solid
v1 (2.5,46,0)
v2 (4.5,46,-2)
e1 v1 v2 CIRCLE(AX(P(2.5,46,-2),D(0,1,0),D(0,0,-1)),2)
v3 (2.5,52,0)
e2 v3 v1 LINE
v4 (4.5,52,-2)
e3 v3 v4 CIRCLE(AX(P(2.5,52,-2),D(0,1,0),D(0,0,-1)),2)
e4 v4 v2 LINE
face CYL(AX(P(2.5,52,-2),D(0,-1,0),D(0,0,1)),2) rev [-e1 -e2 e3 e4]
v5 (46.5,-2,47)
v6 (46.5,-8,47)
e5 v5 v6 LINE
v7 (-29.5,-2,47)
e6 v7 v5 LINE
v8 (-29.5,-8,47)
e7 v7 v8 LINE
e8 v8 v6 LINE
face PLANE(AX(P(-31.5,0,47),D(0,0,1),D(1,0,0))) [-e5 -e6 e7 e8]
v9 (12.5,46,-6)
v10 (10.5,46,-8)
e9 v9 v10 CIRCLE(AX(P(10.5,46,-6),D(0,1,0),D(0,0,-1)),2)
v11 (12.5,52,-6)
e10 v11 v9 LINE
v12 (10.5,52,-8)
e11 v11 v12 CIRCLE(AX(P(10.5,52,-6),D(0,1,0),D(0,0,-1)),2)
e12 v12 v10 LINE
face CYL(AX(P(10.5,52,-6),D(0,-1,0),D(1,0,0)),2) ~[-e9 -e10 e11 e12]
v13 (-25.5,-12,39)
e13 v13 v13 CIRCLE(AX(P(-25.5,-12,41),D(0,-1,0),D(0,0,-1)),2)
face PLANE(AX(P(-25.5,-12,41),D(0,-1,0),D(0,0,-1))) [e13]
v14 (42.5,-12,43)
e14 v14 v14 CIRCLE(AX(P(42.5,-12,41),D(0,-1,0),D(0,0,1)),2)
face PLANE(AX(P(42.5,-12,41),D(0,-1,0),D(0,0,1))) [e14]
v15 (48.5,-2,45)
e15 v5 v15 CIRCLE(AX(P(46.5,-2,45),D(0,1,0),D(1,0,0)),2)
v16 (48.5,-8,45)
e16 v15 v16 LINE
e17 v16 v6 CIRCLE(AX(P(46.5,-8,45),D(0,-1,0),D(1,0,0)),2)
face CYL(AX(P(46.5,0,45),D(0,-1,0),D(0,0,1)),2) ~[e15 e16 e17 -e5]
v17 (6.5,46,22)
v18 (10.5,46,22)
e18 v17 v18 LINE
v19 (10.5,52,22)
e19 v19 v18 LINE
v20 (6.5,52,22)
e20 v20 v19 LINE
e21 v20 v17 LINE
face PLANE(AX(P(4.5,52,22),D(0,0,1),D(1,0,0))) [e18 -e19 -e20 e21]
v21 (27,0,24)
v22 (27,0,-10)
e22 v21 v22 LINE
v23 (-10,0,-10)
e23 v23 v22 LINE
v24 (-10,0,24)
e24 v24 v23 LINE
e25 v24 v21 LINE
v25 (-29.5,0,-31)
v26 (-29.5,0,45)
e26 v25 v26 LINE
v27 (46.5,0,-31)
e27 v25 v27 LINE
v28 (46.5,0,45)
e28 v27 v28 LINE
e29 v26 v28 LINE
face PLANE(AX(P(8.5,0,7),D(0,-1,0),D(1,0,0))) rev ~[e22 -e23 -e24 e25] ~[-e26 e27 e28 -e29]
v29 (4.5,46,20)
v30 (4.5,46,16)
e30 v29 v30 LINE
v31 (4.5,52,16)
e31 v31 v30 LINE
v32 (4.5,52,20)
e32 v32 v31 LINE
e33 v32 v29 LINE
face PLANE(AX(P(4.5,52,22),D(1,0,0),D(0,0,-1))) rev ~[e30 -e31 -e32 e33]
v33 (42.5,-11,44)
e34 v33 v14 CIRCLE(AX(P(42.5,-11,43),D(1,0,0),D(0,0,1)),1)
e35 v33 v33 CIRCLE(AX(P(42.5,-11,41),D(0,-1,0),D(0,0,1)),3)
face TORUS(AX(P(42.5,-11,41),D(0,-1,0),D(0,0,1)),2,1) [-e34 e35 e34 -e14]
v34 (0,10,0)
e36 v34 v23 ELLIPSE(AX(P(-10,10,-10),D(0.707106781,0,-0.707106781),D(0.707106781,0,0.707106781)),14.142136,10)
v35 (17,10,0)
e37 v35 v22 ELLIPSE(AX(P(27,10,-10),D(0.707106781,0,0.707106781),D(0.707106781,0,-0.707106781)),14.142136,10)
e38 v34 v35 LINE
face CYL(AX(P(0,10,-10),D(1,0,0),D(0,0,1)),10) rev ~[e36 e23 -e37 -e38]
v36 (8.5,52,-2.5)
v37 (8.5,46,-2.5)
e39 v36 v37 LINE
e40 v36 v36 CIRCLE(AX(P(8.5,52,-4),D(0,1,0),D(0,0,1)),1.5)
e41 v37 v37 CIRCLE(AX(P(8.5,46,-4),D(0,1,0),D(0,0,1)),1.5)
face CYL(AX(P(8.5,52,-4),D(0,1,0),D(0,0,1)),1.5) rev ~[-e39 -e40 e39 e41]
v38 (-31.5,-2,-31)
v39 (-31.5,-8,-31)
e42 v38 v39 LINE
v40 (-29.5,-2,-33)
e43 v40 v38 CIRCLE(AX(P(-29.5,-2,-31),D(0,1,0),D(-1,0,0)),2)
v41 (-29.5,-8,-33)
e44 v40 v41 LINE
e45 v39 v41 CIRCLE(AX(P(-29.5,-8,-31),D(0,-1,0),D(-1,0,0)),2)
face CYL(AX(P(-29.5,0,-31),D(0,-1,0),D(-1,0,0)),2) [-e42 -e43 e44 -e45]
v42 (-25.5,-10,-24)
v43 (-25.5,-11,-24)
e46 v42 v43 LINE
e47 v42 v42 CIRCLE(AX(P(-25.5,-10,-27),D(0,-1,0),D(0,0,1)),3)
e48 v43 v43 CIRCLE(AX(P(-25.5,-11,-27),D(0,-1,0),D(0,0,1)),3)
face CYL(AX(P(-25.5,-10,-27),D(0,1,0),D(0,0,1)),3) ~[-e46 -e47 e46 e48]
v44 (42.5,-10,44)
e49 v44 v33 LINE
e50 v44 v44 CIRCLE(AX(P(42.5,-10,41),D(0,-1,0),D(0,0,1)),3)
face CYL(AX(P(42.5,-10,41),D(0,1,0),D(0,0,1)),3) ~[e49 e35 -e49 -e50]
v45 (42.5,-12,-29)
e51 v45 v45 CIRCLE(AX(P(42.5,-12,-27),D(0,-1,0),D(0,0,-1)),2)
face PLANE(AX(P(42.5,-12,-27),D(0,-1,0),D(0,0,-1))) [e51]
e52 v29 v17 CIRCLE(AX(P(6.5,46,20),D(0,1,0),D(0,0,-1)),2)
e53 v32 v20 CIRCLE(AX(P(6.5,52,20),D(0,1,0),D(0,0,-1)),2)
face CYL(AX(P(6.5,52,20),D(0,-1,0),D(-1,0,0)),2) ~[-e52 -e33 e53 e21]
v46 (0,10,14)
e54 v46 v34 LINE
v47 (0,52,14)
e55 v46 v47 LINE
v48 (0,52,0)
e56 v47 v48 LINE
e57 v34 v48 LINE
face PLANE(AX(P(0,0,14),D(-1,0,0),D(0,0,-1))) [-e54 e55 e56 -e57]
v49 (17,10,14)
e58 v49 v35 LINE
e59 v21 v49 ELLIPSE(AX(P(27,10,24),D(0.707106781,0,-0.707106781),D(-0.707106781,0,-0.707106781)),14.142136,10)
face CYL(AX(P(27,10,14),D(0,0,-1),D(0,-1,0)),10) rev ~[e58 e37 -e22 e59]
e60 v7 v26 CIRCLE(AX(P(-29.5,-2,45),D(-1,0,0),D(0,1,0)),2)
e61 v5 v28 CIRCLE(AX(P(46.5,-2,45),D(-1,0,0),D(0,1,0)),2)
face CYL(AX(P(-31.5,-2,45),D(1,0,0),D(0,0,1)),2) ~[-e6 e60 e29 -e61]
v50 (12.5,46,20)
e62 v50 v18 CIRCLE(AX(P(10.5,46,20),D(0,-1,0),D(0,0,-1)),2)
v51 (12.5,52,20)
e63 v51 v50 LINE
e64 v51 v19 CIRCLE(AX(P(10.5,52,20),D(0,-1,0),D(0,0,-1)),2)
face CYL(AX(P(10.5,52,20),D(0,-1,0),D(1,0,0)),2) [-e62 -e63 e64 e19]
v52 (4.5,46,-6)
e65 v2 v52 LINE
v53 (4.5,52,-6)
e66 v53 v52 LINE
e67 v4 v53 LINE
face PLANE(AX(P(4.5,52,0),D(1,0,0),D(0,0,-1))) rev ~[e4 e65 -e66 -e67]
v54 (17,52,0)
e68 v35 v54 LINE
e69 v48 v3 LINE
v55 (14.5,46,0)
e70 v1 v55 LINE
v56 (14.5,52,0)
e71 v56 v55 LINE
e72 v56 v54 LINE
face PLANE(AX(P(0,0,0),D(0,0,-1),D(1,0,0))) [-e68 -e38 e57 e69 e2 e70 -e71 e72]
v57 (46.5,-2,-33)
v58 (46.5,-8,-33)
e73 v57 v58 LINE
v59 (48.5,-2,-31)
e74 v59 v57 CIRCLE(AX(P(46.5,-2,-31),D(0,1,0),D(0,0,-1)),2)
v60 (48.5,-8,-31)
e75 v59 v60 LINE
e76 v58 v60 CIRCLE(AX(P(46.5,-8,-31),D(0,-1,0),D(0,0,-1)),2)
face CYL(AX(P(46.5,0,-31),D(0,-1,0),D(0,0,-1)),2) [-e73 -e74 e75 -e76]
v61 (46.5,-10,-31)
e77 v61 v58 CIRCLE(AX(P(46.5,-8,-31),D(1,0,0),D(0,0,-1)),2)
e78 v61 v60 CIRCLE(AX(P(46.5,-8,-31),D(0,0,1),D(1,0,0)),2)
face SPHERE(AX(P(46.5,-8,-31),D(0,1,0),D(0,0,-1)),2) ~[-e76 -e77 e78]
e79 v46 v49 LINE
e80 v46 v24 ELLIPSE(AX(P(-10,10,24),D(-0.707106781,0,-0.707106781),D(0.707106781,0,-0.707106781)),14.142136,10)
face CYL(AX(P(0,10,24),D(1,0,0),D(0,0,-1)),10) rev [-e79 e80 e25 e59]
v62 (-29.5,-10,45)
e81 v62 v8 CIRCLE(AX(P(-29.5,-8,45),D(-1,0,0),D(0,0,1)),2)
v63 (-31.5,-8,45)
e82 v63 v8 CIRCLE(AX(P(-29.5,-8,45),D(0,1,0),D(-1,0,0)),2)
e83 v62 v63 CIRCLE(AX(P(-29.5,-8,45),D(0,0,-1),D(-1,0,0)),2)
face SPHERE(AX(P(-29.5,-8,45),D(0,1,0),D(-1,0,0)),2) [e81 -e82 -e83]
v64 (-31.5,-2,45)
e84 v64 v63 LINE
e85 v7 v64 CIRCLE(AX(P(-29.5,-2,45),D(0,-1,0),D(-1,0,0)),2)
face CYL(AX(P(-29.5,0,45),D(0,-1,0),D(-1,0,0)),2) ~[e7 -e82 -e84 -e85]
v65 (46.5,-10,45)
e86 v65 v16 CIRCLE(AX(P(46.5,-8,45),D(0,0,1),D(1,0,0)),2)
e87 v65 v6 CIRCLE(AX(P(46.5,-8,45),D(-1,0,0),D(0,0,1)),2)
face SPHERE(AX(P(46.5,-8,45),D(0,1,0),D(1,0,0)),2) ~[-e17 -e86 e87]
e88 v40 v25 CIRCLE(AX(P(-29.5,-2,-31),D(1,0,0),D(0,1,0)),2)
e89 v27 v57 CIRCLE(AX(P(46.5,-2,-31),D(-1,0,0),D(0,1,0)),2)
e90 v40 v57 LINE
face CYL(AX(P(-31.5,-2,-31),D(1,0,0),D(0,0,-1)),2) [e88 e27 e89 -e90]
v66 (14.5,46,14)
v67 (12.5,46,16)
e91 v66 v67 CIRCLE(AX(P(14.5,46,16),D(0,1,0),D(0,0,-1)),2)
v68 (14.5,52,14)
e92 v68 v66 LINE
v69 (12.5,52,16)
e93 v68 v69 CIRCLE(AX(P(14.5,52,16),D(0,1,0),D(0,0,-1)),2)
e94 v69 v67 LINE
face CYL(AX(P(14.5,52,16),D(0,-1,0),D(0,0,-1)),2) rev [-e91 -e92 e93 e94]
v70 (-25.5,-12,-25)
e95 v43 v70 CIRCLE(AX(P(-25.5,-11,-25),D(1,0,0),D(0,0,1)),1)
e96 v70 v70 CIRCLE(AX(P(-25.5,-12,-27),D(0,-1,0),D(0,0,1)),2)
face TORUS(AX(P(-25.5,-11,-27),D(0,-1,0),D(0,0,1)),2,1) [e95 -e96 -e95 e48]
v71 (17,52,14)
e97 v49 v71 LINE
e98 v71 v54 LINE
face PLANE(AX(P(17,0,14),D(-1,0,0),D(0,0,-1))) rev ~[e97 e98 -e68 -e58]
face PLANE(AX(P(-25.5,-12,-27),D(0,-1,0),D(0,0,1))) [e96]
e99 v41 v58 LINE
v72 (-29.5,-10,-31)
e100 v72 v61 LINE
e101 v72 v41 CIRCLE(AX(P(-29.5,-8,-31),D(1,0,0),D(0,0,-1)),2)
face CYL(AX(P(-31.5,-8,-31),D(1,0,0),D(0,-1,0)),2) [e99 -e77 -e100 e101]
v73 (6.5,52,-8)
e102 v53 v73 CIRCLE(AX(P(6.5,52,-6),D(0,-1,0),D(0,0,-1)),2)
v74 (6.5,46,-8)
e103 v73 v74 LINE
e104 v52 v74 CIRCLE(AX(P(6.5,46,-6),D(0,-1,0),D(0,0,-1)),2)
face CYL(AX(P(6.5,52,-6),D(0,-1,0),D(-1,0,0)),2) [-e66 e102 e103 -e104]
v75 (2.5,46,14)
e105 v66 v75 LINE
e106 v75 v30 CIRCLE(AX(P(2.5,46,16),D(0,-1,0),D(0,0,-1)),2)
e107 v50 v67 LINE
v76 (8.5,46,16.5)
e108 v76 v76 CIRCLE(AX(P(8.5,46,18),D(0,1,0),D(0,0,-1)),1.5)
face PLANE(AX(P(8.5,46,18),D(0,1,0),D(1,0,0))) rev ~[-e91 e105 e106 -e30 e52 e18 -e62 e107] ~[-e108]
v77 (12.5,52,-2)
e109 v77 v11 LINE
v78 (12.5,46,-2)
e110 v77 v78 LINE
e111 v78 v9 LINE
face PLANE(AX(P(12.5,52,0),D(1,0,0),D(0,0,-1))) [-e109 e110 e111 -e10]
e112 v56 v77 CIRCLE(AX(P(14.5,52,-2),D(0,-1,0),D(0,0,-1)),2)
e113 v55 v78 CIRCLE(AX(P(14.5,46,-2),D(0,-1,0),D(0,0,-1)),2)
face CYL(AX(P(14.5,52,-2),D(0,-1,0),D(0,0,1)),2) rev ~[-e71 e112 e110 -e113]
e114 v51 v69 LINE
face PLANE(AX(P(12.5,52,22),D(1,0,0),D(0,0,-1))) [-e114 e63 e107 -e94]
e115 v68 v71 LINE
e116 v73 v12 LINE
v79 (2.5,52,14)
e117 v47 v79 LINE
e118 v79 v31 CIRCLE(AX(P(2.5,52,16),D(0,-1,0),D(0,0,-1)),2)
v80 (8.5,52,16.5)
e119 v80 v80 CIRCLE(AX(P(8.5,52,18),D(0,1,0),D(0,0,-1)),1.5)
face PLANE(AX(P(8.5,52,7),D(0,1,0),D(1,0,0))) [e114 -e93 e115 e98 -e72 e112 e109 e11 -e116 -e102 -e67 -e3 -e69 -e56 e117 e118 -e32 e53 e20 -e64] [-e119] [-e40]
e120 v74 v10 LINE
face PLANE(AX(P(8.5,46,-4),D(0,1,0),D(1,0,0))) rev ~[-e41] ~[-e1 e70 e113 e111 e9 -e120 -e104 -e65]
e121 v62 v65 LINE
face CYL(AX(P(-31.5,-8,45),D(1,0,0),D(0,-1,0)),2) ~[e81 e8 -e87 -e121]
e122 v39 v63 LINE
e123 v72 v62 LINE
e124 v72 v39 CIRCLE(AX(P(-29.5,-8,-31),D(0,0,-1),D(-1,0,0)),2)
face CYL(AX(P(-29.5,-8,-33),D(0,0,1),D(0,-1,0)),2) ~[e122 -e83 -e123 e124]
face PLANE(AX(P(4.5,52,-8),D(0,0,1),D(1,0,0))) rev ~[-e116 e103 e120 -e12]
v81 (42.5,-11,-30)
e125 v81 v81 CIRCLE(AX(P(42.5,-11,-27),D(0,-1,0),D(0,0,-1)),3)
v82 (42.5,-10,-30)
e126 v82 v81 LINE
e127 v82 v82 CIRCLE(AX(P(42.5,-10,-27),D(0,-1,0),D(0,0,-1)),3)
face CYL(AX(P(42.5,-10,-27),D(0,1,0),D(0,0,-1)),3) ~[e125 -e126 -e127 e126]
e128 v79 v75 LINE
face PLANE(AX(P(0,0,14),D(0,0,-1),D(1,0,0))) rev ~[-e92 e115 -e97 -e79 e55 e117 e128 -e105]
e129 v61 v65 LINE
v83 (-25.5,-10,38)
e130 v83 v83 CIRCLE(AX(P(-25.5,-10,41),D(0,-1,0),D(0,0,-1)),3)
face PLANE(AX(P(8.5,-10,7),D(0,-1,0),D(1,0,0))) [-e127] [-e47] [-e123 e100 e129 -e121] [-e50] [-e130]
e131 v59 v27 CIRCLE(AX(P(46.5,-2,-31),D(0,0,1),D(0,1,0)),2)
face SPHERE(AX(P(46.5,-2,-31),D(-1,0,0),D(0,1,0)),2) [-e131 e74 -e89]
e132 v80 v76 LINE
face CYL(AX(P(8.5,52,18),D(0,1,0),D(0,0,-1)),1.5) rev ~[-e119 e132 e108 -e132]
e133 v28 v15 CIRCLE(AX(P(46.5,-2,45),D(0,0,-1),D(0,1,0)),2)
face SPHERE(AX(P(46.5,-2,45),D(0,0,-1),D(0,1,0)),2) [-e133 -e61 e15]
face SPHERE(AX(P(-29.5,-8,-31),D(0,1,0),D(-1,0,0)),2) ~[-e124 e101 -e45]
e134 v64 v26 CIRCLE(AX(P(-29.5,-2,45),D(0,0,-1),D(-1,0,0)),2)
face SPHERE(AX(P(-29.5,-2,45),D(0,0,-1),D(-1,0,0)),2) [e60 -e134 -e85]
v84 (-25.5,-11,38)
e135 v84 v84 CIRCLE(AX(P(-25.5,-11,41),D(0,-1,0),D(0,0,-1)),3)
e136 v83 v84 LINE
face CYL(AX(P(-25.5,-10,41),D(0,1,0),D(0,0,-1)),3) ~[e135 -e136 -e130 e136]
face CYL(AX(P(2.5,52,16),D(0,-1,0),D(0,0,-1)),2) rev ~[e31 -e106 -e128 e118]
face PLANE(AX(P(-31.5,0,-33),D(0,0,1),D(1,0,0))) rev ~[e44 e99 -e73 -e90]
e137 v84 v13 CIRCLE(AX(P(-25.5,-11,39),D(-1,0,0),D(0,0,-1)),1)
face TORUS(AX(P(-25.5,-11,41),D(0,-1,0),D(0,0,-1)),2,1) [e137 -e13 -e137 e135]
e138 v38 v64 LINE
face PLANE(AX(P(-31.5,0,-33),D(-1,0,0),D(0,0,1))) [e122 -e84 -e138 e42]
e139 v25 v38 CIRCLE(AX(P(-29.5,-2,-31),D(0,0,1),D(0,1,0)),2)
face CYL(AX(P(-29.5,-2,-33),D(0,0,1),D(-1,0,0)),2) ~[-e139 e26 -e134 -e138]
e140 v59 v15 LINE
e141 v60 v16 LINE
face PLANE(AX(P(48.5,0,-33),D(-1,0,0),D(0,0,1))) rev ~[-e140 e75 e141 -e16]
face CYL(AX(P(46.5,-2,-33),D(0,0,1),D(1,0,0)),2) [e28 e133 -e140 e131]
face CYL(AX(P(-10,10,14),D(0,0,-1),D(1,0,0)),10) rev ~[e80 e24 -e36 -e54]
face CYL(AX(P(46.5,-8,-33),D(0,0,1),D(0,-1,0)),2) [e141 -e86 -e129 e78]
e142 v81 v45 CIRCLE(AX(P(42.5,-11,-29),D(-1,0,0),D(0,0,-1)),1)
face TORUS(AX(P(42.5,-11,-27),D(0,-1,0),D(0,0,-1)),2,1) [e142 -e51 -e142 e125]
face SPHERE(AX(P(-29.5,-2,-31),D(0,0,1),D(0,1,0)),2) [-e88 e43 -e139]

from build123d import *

# Parameters (mm, degrees)
SKETCH1_W           = 17
SKETCH1_H           = 14
BOSS_EXTRUDE1_DEPTH = 52
SKETCH2_W           = 80
SKETCH2_H           = 80
BOSS_EXTRUDE2_DEPTH = 10
SKETCH3_W           = 8
SKETCH3_H           = 8
SKETCH3_R           = 1.5
BOSS_EXTRUDE3_DEPTH = 6
FILLET1_R           = 2
FILLET2_R           = 10
SKETCH4_R           = 3
BOSS_EXTRUDE4_DEPTH = 2
FILLET4_R           = 1
FILLET3_R           = 2


with BuildPart() as part:
    # Sketch1 → Boss-Extrude1 (new body)
    with BuildSketch(Plane(origin=(0, 0, 0), x_dir=(1, 0, 0), z_dir=(0, 1, 0))):
        with Locations((8.5, -7)):
            Rectangle(SKETCH1_W, SKETCH1_H)
    extrude(amount=BOSS_EXTRUDE1_DEPTH)

    # Sketch2 → Boss-Extrude2 (add)
    with BuildSketch(Plane.XZ):
        with Locations((8.5, 7)):
            Rectangle(SKETCH2_W, SKETCH2_H)
    extrude(amount=BOSS_EXTRUDE2_DEPTH)

    # Sketch3 → Boss-Extrude3 (add)
    # profile 1 of 2: a face of its own
    with BuildSketch(Plane(origin=(0, 52, 0), x_dir=(1, 0, 0), z_dir=(0, 1, 0))):
        with Locations((8.5, 4)):
            Rectangle(SKETCH3_W, SKETCH3_H)
        with Locations(Location((8.5, 4, 0), (0, 0, 270))):
            Circle(SKETCH3_R, mode=Mode.SUBTRACT)
    # profile 2 of 2: a face of its own
    with BuildSketch(Plane(origin=(0, 52, 0), x_dir=(1, 0, 0), z_dir=(0, 1, 0))):
        with Locations((8.5, -18)):
            Rectangle(SKETCH3_W, SKETCH3_H)
        with Locations(Location((8.5, -18, 0), (0, 0, 90))):
            Circle(SKETCH3_R, mode=Mode.SUBTRACT)
    extrude(amount=-BOSS_EXTRUDE3_DEPTH)

    # Fillet1
    fillet1_edges = [part.edges().sort_by_distance(p)[0] for p in [
        (4.5, 49, 0),
        (4.5, 49, -8),
        (12.5, 49, -8),
        (12.5, 49, 0),
        (4.5, 49, 22),
        (4.5, 49, 14),
        (12.5, 49, 14),
        (12.5, 49, 22),
    ]]
    fillet(fillet1_edges, radius=FILLET1_R)

    # Fillet2
    fillet2_edges = [part.edges().sort_by_distance(p)[0] for p in [
        (8.5, 0, 0),
        (17, 0, 7),
        (8.5, 0, 14),
        (0, 0, 7),
    ]]
    fillet(fillet2_edges, radius=FILLET2_R)

    # Sketch4 → Boss-Extrude4 (add)
    with BuildSketch(Plane.XZ.offset(10)):
        with Locations(Location((-25.5, 41, 0), (0, 0, 270))):
            Circle(SKETCH4_R)
        with Locations(Location((-25.5, -27, 0), (0, 0, 90))):
            Circle(SKETCH4_R)
        with Locations(Location((42.5, -27, 0), (0, 0, 270))):
            Circle(SKETCH4_R)
        with Locations(Location((42.5, 41, 0), (0, 0, 90))):
            Circle(SKETCH4_R)
    extrude(amount=BOSS_EXTRUDE4_DEPTH)

    # Fillet4
    fillet4_edges = [part.edges().sort_by_distance(p)[0] for p in [
        (-25.5, -12, 44),
        (-25.5, -12, -30),
        (42.5, -12, -24),
        (42.5, -12, 38),
    ]]
    fillet(fillet4_edges, radius=FILLET4_R)

    # Fillet3
    fillet3_edges = [part.edges().sort_by_distance(p)[0] for p in [
        (-31.5, 0, 7),
        (-31.5, -5, 47),
        (8.5, 0, -33),
        (-31.5, -5, -33),
        (48.5, 0, 7),
        (48.5, -5, -33),
        (8.5, 0, 47),
        (48.5, -5, 47),
        (-31.5, -10, 7),
        (8.5, -10, -33),
        (48.5, -10, 7),
        (8.5, -10, 47),
    ]]
    fillet(fillet3_edges, radius=FILLET3_R)


solid = part.part
